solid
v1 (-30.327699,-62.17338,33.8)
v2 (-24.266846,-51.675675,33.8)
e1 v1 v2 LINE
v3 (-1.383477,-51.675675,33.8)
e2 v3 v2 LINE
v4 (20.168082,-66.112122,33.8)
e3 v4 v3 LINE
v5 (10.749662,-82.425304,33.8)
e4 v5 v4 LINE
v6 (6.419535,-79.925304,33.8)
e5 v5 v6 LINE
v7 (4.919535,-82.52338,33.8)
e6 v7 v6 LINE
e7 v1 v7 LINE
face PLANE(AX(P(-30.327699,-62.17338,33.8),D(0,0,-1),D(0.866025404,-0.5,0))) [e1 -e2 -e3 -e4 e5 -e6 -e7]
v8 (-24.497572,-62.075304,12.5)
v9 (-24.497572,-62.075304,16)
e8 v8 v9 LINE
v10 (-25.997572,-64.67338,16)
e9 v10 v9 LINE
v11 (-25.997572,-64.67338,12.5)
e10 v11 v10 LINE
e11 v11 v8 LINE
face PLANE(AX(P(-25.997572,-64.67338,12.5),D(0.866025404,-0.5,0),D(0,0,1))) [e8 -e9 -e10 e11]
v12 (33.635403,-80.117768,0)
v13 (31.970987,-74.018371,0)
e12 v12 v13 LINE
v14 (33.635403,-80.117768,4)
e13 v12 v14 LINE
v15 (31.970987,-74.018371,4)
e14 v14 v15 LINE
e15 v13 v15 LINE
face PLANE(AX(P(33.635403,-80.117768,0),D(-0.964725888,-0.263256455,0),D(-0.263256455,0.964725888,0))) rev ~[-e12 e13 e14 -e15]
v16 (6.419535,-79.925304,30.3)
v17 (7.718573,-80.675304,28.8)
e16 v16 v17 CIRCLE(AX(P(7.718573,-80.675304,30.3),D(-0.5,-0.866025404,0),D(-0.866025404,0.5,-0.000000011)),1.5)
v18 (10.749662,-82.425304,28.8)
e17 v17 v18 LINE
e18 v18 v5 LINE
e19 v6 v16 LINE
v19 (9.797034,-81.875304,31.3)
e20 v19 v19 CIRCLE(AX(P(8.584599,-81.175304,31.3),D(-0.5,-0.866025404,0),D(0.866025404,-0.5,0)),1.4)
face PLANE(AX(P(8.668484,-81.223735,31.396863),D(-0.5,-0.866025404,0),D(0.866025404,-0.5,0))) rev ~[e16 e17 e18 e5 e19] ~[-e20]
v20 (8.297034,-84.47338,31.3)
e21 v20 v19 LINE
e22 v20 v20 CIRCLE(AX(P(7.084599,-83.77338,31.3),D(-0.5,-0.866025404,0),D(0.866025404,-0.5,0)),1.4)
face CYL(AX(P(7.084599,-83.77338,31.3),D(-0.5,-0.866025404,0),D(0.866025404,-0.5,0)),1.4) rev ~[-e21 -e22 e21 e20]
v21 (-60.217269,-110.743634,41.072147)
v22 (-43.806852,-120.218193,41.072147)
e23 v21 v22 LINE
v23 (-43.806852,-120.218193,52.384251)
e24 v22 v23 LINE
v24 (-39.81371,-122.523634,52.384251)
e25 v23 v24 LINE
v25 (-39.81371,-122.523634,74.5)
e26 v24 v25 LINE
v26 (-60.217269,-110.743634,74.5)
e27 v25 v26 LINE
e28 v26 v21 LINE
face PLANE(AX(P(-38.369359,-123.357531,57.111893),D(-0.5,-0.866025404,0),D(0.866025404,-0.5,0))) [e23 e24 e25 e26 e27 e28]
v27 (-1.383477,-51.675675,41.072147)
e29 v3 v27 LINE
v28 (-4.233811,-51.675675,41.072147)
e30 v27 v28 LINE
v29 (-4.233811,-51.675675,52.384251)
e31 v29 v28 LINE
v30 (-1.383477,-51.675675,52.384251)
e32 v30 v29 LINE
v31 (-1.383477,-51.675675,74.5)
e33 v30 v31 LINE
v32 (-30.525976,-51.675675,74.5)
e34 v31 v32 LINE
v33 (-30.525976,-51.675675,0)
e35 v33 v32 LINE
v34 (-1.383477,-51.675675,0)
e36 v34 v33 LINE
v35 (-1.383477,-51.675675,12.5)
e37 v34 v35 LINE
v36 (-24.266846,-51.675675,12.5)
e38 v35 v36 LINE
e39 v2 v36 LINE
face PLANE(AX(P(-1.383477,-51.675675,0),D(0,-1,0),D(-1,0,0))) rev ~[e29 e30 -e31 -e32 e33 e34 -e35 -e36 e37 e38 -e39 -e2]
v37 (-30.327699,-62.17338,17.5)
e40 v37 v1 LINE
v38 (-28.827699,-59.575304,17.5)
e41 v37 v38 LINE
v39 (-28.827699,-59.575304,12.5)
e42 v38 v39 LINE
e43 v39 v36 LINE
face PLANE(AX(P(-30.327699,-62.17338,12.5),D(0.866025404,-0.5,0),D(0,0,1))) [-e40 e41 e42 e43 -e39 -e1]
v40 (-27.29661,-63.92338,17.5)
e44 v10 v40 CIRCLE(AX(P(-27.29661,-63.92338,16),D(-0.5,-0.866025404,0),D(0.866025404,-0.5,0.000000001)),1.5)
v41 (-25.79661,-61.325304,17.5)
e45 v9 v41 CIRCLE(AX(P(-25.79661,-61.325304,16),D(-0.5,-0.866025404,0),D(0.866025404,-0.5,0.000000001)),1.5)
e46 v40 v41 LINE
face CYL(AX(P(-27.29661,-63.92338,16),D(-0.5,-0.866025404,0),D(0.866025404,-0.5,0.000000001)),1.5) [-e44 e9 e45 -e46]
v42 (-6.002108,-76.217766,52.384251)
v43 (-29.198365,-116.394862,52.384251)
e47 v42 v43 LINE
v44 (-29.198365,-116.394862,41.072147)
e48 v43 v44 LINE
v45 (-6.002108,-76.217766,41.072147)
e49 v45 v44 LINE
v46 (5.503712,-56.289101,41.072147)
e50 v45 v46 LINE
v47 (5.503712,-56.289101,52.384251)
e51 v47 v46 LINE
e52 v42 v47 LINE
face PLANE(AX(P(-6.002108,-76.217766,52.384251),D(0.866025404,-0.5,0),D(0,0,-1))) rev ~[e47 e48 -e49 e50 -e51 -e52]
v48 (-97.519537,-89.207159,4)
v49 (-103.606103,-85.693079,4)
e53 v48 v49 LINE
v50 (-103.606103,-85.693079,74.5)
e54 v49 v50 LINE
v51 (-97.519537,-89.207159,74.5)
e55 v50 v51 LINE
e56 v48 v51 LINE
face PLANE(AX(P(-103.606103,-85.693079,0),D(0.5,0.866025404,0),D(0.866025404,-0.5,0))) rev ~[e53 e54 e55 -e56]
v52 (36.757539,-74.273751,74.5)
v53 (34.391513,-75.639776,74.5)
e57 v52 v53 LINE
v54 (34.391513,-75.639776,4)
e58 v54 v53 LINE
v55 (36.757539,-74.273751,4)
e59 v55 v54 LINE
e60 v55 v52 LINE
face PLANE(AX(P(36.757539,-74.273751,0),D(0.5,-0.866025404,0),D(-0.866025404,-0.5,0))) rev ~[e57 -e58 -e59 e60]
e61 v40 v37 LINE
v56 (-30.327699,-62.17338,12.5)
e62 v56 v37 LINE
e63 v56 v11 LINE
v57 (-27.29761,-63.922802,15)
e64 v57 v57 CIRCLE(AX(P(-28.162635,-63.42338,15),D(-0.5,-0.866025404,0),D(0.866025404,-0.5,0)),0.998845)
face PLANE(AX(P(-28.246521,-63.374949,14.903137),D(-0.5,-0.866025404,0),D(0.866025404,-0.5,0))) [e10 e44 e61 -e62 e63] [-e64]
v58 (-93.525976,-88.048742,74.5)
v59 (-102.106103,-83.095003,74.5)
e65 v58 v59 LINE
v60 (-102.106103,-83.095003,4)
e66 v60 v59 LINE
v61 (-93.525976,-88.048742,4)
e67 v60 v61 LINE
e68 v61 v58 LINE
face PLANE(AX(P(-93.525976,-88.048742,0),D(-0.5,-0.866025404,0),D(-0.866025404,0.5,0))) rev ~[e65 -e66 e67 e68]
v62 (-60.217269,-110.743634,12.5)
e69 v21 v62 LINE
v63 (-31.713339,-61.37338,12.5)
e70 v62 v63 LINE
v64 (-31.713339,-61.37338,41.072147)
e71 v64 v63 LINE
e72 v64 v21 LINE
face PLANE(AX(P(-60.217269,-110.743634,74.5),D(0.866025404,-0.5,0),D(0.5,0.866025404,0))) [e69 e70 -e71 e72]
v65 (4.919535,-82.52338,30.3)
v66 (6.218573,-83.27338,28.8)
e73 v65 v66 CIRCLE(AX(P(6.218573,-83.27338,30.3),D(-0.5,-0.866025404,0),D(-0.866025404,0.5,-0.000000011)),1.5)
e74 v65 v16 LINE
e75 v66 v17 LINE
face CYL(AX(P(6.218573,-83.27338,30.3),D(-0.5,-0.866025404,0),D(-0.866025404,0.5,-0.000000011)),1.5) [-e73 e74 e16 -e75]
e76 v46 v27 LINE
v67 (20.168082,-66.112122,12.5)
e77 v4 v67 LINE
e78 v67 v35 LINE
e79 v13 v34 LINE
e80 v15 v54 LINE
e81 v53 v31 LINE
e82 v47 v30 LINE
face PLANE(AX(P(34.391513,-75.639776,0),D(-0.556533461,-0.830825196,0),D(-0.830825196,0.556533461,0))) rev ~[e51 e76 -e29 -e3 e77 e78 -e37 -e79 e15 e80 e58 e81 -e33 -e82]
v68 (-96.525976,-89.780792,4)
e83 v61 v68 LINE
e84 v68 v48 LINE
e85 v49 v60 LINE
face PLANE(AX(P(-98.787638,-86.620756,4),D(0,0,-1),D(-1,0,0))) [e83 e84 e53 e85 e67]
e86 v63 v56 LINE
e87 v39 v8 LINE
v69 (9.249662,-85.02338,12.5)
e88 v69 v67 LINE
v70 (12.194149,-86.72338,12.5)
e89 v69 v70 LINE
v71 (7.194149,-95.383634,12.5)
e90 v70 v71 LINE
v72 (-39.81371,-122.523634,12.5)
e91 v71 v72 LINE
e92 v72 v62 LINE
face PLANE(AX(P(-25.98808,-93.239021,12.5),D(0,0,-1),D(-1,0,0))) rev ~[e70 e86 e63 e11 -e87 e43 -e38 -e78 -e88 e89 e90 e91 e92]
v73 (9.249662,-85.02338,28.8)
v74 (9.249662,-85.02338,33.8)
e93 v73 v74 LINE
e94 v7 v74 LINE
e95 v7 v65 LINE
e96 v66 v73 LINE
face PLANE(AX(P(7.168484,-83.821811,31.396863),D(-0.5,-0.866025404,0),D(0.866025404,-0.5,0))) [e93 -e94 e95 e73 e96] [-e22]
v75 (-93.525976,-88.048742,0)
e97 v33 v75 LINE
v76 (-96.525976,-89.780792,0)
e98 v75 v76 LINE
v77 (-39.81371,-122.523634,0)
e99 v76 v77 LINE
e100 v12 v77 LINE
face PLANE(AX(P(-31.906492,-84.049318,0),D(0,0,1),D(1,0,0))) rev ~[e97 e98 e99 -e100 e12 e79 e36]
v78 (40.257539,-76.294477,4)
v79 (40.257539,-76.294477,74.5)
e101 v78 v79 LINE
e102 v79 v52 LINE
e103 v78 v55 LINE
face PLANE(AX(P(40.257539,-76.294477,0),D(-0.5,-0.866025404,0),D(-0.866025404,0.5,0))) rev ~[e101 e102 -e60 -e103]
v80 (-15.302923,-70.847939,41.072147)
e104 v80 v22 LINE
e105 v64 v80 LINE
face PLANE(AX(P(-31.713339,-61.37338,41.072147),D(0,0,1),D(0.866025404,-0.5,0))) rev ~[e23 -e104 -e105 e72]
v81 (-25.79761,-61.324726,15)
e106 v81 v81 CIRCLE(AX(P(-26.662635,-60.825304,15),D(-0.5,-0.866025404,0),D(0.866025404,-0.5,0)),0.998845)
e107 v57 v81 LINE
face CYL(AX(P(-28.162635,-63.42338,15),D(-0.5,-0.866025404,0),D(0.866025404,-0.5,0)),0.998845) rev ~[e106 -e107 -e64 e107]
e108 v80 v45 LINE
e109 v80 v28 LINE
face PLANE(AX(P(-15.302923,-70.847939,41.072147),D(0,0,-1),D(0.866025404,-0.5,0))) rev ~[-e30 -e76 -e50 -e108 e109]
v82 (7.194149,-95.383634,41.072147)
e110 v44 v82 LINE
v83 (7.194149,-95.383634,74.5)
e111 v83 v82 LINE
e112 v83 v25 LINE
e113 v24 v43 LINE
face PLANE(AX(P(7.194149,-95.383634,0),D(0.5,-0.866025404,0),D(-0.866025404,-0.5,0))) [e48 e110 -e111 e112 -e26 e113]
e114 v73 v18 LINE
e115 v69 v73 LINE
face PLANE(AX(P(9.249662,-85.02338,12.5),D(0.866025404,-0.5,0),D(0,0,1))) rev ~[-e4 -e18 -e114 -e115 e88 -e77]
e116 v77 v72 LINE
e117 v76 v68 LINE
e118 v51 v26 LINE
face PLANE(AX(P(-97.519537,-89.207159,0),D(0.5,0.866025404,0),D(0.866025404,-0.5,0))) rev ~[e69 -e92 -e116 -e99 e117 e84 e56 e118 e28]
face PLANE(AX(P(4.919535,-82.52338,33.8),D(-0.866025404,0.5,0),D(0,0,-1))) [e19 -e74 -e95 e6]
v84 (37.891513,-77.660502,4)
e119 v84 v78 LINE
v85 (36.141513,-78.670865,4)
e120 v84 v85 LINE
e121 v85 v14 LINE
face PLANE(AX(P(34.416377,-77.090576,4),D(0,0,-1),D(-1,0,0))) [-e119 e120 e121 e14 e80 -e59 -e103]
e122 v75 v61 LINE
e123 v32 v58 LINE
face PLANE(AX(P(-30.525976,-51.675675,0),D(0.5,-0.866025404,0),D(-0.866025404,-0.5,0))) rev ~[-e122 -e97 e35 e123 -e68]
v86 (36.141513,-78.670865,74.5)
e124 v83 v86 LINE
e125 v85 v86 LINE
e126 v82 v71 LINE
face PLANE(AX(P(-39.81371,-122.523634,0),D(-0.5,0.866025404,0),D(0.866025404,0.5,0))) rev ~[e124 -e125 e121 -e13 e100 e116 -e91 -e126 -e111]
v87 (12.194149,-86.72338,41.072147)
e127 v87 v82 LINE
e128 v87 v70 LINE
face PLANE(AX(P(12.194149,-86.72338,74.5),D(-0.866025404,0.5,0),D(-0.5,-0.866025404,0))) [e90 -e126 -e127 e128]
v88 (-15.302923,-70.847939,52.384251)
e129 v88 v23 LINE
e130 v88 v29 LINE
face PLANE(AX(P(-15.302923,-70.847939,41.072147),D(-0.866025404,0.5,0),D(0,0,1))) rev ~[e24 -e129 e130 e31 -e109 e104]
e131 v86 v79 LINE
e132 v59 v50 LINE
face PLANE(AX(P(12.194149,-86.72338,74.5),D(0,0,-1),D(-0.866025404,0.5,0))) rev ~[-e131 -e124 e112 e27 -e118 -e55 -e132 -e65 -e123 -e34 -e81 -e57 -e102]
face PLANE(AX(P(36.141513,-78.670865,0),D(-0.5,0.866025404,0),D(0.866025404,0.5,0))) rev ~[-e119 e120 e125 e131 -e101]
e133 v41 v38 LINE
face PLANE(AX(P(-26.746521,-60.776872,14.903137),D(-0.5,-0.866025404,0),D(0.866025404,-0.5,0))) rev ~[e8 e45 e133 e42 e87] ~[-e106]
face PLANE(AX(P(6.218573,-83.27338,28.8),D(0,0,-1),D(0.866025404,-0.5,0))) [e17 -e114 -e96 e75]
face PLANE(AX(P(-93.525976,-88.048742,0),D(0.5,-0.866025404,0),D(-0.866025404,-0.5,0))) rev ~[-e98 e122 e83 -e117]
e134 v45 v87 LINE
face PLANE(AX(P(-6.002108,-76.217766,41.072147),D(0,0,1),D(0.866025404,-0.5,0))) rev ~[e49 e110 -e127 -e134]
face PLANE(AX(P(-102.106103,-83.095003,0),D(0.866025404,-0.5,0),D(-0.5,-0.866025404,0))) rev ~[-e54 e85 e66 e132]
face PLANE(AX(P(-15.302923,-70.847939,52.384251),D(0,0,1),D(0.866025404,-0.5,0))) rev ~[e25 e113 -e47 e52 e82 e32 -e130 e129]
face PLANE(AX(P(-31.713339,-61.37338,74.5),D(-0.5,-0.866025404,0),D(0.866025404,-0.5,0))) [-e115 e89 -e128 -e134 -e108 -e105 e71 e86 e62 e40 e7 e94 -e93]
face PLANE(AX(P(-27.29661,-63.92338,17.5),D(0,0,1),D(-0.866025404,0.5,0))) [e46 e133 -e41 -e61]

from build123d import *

# Parameters (mm, degrees)
EXTRUDE_1_DEPTH     = 74.5
CUT_EXTRUDE_1_DEPTH = 4
CUT_EXTRUDE_2_DEPTH = 4
CUT_EXTRUDE_3_DEPTH = 62
CUT_EXTRUDE_4_REACH = 124.795
SKETCH_5_W          = 45.7
SKETCH_5_H          = 21.3
SKETCH_6_R          = 0.998844791
SKETCH_6_R_2        = 1.4
EXTRUDE_2_DEPTH     = 3
CUT_EXTRUDE_5_REACH = 124.795
SKETCH_7_W          = 10.739655284
SKETCH_7_H          = 11.312103995
EXTRUDE_3_DEPTH     = 57.007858917
CUT_EXTRUDE_6_DEPTH = 74.5


with BuildPart() as part:
    # 草圖1 → 填料-伸長1 (new body)
    with BuildSketch(Plane.XY):
        Polygon((-93.525975622, -88.048741595), (-102.106102641, -83.095002951), (-103.606102641, -85.693079162), (-97.519536964, -89.207159494), (-39.813710348, -122.523634025), (36.141513372, -78.670865164), (40.257538776, -76.294476789), (36.757538776, -74.273750847), (34.391513372, -75.639776251), (-1.383477376, -51.675674636), (-30.525975622, -51.675674636), align=None)
    extrude(amount=EXTRUDE_1_DEPTH)

    # 草圖2 → 除料-伸長1 (cut)
    with BuildSketch(Plane(origin=(0, 0, 0), x_dir=(-1, 0, 0), z_dir=(0, 0, -1))):
        Polygon((-40.257538776, -76.294476789), (-36.757538776, -74.273750847), (-34.391513372, -75.639776251), (-37.891513372, -77.660502193), align=None)
        Polygon((102.106102641, -83.095002951), (93.525975622, -88.048741595), (96.525975622, -89.780792402), (103.606102641, -85.693079162), align=None)
    extrude(amount=-CUT_EXTRUDE_1_DEPTH, mode=Mode.SUBTRACT)

    # 草圖3 → 除料-伸長2 (cut)
    with BuildSketch(Plane(origin=(0, 0, 0), x_dir=(-1, 0, 0), z_dir=(0, 0, -1))):
        Polygon((-33.635403301, -80.117768489), (-31.970986825, -74.018371384), (-37.891513372, -77.660502193), align=None)
    extrude(amount=-CUT_EXTRUDE_2_DEPTH, mode=Mode.SUBTRACT)

    # 草圖4 → 除料-伸長3 (cut)
    with BuildSketch(Plane.XY.offset(74.5)):
        Polygon((-60.217268861, -110.743634025), (-31.713339402, -61.373379987), (12.19414857, -86.723379987), (7.19414857, -95.383634025), (-39.813710348, -122.523634025), align=None)
    extrude(amount=-CUT_EXTRUDE_3_DEPTH, mode=Mode.SUBTRACT)

    # 草圖5 → 除料-伸長4 (cut, up to next)
    with BuildSketch(Plane(origin=(-34.503787943, -59.762313771, 0), x_dir=(0.8660254037844352, -0.500000000000006, 0), z_dir=(-0.500000000000006, -0.8660254037844352, 0)), mode=Mode.PRIVATE) as cut_extrude_4_sk1:
        with Locations((27.672132433, 23.15)):
            Rectangle(SKETCH_5_W, SKETCH_5_H)
    cut_extrude_4_tool1 = extrude(cut_extrude_4_sk1.sketch, amount=-CUT_EXTRUDE_4_REACH, mode=Mode.PRIVATE) & part.part
    add(cut_extrude_4_tool1.solids().sort_by_distance((-10.539018, -73.59838, 23.15))[0], mode=Mode.SUBTRACT)

    # 草圖6 → 填料-伸長2 (add)
    # profile 1 of 2: a face of its own
    with BuildSketch(Plane(origin=(-34.503787943, -59.762313771, 0), x_dir=(0.8660254037844352, -0.500000000000006, 0), z_dir=(-0.500000000000006, -0.8660254037844352, 0))):
        with BuildLine():
            Line((4.822132433, 17.5), (4.822132433, 12.5))
            Line((4.822132433, 12.5), (9.822132433, 12.5))
            Line((9.822132433, 12.5), (9.822132433, 16))
            ThreePointArc((9.822132433, 16), (9.382792604, 17.060660172), (8.322132433, 17.5))
            Line((8.322132433, 17.5), (4.822132433, 17.5))
        make_face()
        with Locations((7.322132433, 15)):
            Circle(SKETCH_6_R, mode=Mode.SUBTRACT)
    # profile 2 of 2: a face of its own
    with BuildSketch(Plane(origin=(-34.503787943, -59.762313771, 0), x_dir=(0.8660254037844352, -0.500000000000006, 0), z_dir=(-0.500000000000006, -0.8660254037844352, 0))):
        with BuildLine():
            Line((50.522132433, 28.8), (50.522132433, 33.8))
            Line((50.522132433, 33.8), (45.522132433, 33.8))
            Line((45.522132433, 33.8), (45.522132433, 30.299999983))
            ThreePointArc((45.522132433, 30.299999983), (45.961472267, 29.239339822), (47.022132433, 28.8))
            Line((47.022132433, 28.8), (50.522132433, 28.8))
        make_face()
        with Locations((48.022132433, 31.3)):
            Circle(SKETCH_6_R_2, mode=Mode.SUBTRACT)
    extrude(amount=-EXTRUDE_2_DEPTH)

    # 草圖7 → 除料-伸長5 (cut, up to next)
    with BuildSketch(Plane(origin=(-34.503787943, -59.762313771, 0), x_dir=(0.8660254037844352, -0.500000000000006, 0), z_dir=(-0.500000000000006, -0.8660254037844352, 0)), mode=Mode.PRIVATE) as cut_extrude_5_sk1:
        with Locations((27.54107715, 46.72819857)):
            Rectangle(SKETCH_7_W, SKETCH_7_H)
    cut_extrude_5_tool1 = extrude(cut_extrude_5_sk1.sketch, amount=-CUT_EXTRUDE_5_REACH, mode=Mode.PRIVATE) & part.part
    add(cut_extrude_5_tool1.solids().sort_by_distance((-10.652515, -73.532852, 46.728199))[0], mode=Mode.SUBTRACT)

    # 草圖8 → 填料-伸長3 (add)
    with BuildSketch(Plane(origin=(-34.503787943, -59.762313771, 0), x_dir=(0.8660254037844352, -0.500000000000006, 0), z_dir=(-0.500000000000006, -0.8660254037844352, 0))):
        Polygon((22.171249508, 41.072146572), (22.171249508, 52.384250567), (32.910904792, 52.384250567), (32.910904792, 41.072146572), (53.922132433, 41.072146572), (53.922132433, 74.5), (3.222132433, 74.5), (3.222132433, 41.072146572), align=None)
    extrude(amount=EXTRUDE_3_DEPTH)

    # 草圖9 → 除料-伸長6 (cut)
    with BuildSketch(Plane(origin=(0, 0, 0), x_dir=(-1, 0, 0), z_dir=(0, 0, -1))):
        Polygon((39.813710348, -122.523634025), (16.309780889, -136.093634025), (-7.19414857, -95.383634025), align=None)
    extrude(amount=-CUT_EXTRUDE_6_DEPTH, mode=Mode.SUBTRACT)


solid = part.part
